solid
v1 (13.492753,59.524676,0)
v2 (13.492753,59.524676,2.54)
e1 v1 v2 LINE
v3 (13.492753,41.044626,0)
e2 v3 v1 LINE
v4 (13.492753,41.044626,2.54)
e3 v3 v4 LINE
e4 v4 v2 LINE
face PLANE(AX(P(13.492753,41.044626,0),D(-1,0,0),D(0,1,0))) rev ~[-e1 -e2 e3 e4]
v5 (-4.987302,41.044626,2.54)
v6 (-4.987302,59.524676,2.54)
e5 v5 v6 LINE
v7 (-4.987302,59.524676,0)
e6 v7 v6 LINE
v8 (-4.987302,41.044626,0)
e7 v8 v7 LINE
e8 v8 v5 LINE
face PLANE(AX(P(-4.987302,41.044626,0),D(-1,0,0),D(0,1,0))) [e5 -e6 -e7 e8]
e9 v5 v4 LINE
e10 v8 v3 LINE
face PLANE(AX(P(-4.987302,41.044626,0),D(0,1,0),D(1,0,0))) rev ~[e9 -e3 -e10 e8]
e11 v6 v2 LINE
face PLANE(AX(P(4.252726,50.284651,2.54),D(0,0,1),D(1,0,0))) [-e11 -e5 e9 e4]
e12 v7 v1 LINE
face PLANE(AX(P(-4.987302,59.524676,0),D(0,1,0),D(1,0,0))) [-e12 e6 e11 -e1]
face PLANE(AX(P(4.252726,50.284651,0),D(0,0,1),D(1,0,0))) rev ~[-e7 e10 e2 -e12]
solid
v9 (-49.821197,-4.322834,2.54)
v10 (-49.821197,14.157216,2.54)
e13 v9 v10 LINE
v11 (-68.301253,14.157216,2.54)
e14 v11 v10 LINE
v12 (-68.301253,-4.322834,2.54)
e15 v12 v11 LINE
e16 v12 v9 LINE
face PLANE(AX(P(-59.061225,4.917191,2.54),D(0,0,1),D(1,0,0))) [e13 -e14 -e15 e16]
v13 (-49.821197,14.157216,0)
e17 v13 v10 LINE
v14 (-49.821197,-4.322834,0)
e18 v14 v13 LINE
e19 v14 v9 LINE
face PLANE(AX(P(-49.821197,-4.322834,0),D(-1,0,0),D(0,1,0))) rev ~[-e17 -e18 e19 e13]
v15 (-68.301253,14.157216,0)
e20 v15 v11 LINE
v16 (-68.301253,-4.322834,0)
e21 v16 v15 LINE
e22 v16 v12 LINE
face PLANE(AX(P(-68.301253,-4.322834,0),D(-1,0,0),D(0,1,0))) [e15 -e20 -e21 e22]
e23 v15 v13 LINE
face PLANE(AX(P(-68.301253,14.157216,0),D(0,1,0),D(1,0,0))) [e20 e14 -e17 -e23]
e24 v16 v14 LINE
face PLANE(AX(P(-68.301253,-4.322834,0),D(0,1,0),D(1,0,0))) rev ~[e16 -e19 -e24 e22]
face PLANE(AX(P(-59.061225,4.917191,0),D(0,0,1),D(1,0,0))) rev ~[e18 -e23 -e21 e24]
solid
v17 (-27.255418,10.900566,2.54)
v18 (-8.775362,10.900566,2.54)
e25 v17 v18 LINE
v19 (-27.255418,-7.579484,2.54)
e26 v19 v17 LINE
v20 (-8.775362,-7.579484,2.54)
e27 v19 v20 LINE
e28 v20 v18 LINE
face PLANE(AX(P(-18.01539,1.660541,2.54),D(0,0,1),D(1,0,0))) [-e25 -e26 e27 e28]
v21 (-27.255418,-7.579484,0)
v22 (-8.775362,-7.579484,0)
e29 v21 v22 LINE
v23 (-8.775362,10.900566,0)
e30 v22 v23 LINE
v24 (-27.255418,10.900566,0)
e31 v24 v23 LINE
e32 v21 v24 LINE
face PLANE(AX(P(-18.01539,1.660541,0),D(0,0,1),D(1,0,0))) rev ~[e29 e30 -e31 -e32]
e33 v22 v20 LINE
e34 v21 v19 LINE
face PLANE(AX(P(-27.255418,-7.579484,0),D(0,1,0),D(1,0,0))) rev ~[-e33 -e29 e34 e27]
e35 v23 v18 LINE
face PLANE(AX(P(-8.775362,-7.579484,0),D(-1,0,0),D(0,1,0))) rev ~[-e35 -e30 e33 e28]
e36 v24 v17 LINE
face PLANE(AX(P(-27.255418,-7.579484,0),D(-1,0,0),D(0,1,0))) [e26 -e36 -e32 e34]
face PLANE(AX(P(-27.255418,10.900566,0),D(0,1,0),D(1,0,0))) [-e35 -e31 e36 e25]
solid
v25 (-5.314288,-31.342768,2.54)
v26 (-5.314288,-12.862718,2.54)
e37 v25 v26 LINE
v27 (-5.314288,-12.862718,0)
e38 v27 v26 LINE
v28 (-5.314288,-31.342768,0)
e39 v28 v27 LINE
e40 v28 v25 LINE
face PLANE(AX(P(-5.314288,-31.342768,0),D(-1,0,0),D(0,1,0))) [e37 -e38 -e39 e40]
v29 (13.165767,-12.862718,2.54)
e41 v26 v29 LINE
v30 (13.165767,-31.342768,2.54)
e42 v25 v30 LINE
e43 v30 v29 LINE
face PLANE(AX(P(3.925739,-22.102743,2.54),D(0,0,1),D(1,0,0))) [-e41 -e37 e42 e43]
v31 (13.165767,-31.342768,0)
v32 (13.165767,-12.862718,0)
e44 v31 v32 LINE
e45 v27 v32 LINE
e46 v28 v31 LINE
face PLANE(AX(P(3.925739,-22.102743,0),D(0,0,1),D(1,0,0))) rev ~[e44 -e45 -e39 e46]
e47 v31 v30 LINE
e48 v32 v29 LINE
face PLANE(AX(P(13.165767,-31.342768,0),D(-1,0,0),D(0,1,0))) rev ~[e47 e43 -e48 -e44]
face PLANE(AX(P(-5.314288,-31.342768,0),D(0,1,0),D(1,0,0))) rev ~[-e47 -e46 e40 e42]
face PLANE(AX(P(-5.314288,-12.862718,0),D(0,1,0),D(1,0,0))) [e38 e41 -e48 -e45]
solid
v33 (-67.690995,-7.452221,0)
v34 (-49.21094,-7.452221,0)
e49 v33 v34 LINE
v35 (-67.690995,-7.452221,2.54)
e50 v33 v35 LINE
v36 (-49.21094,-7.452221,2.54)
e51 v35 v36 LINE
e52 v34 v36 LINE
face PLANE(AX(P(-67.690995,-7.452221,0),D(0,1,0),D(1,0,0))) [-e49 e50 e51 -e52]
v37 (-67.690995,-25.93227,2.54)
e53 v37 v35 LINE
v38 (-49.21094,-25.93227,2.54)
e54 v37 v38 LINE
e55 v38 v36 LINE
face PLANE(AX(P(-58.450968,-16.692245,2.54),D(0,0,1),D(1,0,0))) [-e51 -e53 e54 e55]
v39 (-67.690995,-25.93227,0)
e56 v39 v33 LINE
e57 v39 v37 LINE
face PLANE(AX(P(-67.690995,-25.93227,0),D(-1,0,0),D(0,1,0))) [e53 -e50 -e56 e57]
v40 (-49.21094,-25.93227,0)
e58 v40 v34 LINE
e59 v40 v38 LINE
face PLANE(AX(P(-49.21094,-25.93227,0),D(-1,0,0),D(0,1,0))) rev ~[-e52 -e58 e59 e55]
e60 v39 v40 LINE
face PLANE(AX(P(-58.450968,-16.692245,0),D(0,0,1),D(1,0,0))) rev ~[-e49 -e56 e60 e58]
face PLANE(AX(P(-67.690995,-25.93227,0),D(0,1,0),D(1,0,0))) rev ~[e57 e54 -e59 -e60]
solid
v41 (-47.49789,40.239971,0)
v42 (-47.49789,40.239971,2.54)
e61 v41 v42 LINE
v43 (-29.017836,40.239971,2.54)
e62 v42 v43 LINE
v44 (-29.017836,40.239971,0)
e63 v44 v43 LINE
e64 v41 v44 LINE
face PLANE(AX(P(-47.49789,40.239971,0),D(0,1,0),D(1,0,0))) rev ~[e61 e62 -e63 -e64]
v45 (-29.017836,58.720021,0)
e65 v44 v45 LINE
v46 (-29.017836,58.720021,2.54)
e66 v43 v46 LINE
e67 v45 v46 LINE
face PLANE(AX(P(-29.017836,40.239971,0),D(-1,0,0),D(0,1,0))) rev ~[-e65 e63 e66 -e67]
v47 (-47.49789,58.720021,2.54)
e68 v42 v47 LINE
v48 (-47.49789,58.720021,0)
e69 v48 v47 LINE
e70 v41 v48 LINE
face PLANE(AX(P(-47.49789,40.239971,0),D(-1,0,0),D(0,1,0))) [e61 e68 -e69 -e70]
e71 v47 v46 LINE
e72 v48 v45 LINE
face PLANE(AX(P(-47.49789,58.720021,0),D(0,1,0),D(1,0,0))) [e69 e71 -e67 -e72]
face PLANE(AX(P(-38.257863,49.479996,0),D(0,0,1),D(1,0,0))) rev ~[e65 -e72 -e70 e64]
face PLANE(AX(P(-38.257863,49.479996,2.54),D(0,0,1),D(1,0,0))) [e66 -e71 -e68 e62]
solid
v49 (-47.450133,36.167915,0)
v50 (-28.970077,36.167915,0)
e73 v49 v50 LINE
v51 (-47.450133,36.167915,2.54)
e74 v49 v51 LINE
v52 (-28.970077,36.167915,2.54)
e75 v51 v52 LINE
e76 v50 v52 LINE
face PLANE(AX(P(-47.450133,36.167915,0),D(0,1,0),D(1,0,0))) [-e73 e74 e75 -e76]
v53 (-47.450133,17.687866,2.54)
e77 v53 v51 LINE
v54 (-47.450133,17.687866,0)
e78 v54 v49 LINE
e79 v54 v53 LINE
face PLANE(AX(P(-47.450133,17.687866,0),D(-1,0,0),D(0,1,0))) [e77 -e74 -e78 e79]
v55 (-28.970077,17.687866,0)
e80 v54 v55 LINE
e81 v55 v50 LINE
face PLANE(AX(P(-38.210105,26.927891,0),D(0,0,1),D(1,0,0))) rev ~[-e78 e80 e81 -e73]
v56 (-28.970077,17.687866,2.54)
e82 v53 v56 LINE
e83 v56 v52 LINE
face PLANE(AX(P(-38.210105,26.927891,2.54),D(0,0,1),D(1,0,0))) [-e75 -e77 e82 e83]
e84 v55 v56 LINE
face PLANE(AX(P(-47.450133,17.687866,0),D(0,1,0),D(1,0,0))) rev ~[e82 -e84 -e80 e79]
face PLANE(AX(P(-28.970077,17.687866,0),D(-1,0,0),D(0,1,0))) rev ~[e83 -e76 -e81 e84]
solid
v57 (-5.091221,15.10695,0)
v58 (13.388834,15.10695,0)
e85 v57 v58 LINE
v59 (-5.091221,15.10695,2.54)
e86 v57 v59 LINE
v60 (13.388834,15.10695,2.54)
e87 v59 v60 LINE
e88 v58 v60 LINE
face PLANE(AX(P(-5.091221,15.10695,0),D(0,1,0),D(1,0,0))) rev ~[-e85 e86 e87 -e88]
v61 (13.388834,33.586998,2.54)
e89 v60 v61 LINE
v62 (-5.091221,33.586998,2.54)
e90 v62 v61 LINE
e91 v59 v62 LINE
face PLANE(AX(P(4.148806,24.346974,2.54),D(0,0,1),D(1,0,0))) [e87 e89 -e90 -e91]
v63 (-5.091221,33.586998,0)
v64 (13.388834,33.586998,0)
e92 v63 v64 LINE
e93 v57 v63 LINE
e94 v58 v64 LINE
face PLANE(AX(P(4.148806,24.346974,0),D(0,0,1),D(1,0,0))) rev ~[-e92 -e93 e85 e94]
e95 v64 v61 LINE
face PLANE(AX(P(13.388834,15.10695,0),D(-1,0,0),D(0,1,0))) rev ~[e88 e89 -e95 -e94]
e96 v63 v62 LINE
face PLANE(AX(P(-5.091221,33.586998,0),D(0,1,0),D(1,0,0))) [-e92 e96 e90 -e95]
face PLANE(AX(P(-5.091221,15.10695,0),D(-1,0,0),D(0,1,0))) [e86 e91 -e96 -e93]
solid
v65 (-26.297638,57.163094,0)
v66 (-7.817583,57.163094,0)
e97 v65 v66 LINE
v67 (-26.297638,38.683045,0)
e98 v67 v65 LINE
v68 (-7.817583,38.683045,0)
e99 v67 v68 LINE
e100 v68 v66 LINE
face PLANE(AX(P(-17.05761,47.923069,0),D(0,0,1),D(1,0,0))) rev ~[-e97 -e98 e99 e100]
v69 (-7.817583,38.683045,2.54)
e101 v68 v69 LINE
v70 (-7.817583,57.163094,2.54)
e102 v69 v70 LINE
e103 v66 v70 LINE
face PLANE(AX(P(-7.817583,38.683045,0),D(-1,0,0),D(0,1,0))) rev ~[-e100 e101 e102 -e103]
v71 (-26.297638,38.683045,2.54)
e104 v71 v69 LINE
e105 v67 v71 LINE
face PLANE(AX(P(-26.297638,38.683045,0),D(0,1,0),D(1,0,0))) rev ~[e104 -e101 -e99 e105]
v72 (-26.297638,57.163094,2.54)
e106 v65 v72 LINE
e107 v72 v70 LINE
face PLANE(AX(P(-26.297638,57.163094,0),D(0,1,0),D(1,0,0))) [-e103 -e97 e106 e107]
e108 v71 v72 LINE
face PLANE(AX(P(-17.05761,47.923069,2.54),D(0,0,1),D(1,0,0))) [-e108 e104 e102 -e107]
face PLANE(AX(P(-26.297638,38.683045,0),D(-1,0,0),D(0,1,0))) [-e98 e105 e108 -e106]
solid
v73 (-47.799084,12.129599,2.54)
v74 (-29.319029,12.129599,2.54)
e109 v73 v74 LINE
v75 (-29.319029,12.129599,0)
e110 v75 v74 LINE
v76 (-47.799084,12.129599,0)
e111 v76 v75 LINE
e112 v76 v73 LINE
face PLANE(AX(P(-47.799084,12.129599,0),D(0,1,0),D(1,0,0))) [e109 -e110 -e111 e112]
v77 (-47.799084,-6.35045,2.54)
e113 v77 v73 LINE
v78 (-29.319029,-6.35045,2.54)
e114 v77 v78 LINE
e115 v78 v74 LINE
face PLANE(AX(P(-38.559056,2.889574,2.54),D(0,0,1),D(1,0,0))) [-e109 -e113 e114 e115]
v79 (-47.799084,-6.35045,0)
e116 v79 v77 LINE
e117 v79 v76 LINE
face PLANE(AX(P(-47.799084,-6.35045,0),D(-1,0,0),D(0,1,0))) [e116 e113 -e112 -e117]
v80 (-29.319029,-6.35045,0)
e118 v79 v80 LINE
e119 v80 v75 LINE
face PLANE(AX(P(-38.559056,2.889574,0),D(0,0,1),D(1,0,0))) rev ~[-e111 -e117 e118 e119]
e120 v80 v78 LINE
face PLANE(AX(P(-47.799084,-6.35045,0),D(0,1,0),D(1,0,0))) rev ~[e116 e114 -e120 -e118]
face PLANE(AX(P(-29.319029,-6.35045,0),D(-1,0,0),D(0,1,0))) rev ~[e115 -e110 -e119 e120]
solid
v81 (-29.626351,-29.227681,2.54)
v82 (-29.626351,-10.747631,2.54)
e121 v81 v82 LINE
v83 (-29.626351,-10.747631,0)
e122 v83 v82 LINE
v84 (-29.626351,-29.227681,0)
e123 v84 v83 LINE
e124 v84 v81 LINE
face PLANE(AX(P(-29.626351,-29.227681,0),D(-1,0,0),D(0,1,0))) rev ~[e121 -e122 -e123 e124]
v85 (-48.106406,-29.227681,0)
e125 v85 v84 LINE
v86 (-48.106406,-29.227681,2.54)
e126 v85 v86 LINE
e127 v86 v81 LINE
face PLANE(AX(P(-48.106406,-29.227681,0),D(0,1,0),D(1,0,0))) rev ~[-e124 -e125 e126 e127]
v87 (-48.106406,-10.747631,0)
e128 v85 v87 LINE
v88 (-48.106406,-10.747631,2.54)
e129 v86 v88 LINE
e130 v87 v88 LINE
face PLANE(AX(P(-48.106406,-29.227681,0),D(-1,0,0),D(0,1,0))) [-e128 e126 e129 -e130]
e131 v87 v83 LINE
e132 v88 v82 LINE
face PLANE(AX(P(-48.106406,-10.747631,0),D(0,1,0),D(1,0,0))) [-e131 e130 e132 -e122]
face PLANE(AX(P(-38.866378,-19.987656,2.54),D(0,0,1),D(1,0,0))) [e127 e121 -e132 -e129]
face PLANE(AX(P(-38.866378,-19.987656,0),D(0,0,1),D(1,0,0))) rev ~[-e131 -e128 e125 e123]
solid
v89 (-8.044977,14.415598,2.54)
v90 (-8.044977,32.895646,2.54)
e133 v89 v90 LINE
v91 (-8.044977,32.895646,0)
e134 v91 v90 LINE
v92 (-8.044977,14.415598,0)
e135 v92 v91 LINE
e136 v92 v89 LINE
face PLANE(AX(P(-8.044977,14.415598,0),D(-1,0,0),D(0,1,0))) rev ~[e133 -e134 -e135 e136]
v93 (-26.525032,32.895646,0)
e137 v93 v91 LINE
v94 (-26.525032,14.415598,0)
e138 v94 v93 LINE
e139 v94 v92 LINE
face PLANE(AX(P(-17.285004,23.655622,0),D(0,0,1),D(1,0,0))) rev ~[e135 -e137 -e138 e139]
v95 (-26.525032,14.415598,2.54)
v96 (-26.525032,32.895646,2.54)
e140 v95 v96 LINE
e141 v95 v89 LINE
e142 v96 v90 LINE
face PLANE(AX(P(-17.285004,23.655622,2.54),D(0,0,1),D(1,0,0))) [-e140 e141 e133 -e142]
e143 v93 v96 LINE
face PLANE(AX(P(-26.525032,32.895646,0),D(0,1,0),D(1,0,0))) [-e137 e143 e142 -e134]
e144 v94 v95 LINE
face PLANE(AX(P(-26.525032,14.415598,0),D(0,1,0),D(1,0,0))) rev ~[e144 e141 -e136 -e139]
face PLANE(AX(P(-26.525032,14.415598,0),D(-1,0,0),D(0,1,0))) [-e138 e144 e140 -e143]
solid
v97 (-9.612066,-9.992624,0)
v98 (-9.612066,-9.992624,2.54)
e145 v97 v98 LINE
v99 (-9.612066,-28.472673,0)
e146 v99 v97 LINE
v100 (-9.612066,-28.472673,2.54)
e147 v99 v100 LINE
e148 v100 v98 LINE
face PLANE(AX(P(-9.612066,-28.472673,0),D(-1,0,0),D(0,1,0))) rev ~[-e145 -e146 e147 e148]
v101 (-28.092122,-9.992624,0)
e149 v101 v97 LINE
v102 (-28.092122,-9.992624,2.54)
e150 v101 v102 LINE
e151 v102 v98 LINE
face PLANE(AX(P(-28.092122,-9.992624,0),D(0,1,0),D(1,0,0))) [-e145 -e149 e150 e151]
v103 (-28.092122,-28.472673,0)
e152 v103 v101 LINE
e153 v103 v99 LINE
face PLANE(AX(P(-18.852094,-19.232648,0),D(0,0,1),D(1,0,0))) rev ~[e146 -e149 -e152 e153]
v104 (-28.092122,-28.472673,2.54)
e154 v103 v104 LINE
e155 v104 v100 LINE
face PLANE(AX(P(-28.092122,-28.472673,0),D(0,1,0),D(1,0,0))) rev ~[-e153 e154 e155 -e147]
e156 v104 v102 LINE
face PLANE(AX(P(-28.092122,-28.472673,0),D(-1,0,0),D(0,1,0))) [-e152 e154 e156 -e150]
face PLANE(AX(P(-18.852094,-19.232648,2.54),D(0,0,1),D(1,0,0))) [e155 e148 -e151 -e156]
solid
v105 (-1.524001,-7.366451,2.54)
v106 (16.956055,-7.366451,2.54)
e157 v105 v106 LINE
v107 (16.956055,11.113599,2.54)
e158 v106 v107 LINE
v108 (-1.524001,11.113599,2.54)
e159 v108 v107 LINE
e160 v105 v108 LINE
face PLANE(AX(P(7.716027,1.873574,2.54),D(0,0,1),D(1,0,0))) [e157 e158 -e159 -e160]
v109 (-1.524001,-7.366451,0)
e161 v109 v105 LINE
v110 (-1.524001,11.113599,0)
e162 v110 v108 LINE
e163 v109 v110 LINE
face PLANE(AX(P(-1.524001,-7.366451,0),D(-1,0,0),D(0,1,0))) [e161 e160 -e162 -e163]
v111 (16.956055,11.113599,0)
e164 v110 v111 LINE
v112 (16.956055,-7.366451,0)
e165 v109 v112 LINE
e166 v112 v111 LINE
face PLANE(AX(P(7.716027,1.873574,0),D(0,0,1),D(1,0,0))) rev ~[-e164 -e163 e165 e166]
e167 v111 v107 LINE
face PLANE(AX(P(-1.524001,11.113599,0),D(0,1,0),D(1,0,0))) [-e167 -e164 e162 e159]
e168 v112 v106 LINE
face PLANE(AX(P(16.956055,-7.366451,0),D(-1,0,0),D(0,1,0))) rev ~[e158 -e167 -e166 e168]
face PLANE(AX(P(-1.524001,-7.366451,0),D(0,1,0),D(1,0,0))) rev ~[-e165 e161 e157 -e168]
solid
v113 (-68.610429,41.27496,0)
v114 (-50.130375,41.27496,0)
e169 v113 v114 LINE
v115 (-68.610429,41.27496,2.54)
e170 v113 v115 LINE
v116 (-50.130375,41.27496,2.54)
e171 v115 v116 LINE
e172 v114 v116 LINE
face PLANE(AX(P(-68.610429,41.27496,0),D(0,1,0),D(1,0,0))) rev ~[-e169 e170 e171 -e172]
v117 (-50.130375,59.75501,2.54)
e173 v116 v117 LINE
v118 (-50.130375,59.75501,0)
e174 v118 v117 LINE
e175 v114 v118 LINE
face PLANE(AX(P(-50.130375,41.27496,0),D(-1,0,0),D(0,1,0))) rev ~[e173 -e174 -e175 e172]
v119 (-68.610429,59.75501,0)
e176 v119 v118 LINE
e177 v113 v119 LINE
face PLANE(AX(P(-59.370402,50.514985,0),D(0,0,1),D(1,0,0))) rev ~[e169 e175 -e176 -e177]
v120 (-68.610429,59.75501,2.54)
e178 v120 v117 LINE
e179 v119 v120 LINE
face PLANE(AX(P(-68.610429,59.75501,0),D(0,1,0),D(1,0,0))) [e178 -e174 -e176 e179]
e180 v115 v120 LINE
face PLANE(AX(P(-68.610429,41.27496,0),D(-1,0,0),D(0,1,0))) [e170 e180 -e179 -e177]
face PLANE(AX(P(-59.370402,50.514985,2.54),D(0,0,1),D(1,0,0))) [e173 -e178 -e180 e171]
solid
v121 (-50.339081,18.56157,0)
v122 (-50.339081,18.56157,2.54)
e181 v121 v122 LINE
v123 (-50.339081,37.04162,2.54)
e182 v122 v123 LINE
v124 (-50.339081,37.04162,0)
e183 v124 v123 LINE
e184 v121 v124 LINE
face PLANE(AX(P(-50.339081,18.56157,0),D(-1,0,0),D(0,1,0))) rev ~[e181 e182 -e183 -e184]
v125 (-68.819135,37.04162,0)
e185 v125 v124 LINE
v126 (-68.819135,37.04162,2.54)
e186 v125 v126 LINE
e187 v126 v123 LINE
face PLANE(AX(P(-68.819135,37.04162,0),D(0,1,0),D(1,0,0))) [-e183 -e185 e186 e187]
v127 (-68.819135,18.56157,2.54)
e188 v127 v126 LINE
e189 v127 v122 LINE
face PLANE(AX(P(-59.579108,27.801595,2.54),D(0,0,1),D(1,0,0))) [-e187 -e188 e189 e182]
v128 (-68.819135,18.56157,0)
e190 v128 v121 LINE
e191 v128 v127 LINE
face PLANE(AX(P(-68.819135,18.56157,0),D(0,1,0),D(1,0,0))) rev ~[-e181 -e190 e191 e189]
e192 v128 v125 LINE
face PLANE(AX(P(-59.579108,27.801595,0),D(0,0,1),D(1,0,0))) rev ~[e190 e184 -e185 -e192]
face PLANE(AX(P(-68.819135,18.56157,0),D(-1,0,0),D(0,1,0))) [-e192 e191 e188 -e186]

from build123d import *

# Parameters (mm, degrees)
F0_W     = 18.480055
F0_H     = 18.48005
F0_H_2   = 18.480049
F0_W_2   = 18.480054
F1_DEPTH = 2.54


with BuildPart() as f1:
    # F0 (on Top) → F1 (new body)
    with BuildSketch(Plane.XY):
        with Locations((-38.257863, 49.479996)):
            Rectangle(F0_W, F0_H)
        with Locations((-17.285004, 23.655622)):
            Rectangle(F0_W, F0_H_2)
        with Locations((7.716027, 1.873574)):
            Rectangle(F0_W, F0_H_2)
        with Locations((-38.559056, 2.889574)):
            Rectangle(F0_W, F0_H_2)
        with Locations((-59.579108, 27.801595)):
            Rectangle(F0_W_2, F0_H_2)
        with Locations((4.252726, 50.284651)):
            Rectangle(F0_W, F0_H)
        with Locations((-18.852094, -19.232648)):
            Rectangle(F0_W, F0_H_2)
        with Locations((-58.450968, -16.692245)):
            Rectangle(F0_W, F0_H_2)
        with Locations((-59.370402, 50.514985)):
            Rectangle(F0_W, F0_H)
        with Locations((-59.061225, 4.917191)):
            Rectangle(F0_W, F0_H)
        with Locations((-38.866378, -19.987656)):
            Rectangle(F0_W, F0_H)
        with Locations((-38.210105, 26.927891)):
            Rectangle(F0_W, F0_H_2)
        with Locations((-17.05761, 47.923069)):
            Rectangle(F0_W, F0_H_2)
        with Locations((-18.01539, 1.660541)):
            Rectangle(F0_W, F0_H_2)
        with Locations((3.925739, -22.102743)):
            Rectangle(F0_W, F0_H_2)
        with Locations((4.148806, 24.346974)):
            Rectangle(F0_W, F0_H_2)
    extrude(amount=F1_DEPTH)


solid = f1.part
